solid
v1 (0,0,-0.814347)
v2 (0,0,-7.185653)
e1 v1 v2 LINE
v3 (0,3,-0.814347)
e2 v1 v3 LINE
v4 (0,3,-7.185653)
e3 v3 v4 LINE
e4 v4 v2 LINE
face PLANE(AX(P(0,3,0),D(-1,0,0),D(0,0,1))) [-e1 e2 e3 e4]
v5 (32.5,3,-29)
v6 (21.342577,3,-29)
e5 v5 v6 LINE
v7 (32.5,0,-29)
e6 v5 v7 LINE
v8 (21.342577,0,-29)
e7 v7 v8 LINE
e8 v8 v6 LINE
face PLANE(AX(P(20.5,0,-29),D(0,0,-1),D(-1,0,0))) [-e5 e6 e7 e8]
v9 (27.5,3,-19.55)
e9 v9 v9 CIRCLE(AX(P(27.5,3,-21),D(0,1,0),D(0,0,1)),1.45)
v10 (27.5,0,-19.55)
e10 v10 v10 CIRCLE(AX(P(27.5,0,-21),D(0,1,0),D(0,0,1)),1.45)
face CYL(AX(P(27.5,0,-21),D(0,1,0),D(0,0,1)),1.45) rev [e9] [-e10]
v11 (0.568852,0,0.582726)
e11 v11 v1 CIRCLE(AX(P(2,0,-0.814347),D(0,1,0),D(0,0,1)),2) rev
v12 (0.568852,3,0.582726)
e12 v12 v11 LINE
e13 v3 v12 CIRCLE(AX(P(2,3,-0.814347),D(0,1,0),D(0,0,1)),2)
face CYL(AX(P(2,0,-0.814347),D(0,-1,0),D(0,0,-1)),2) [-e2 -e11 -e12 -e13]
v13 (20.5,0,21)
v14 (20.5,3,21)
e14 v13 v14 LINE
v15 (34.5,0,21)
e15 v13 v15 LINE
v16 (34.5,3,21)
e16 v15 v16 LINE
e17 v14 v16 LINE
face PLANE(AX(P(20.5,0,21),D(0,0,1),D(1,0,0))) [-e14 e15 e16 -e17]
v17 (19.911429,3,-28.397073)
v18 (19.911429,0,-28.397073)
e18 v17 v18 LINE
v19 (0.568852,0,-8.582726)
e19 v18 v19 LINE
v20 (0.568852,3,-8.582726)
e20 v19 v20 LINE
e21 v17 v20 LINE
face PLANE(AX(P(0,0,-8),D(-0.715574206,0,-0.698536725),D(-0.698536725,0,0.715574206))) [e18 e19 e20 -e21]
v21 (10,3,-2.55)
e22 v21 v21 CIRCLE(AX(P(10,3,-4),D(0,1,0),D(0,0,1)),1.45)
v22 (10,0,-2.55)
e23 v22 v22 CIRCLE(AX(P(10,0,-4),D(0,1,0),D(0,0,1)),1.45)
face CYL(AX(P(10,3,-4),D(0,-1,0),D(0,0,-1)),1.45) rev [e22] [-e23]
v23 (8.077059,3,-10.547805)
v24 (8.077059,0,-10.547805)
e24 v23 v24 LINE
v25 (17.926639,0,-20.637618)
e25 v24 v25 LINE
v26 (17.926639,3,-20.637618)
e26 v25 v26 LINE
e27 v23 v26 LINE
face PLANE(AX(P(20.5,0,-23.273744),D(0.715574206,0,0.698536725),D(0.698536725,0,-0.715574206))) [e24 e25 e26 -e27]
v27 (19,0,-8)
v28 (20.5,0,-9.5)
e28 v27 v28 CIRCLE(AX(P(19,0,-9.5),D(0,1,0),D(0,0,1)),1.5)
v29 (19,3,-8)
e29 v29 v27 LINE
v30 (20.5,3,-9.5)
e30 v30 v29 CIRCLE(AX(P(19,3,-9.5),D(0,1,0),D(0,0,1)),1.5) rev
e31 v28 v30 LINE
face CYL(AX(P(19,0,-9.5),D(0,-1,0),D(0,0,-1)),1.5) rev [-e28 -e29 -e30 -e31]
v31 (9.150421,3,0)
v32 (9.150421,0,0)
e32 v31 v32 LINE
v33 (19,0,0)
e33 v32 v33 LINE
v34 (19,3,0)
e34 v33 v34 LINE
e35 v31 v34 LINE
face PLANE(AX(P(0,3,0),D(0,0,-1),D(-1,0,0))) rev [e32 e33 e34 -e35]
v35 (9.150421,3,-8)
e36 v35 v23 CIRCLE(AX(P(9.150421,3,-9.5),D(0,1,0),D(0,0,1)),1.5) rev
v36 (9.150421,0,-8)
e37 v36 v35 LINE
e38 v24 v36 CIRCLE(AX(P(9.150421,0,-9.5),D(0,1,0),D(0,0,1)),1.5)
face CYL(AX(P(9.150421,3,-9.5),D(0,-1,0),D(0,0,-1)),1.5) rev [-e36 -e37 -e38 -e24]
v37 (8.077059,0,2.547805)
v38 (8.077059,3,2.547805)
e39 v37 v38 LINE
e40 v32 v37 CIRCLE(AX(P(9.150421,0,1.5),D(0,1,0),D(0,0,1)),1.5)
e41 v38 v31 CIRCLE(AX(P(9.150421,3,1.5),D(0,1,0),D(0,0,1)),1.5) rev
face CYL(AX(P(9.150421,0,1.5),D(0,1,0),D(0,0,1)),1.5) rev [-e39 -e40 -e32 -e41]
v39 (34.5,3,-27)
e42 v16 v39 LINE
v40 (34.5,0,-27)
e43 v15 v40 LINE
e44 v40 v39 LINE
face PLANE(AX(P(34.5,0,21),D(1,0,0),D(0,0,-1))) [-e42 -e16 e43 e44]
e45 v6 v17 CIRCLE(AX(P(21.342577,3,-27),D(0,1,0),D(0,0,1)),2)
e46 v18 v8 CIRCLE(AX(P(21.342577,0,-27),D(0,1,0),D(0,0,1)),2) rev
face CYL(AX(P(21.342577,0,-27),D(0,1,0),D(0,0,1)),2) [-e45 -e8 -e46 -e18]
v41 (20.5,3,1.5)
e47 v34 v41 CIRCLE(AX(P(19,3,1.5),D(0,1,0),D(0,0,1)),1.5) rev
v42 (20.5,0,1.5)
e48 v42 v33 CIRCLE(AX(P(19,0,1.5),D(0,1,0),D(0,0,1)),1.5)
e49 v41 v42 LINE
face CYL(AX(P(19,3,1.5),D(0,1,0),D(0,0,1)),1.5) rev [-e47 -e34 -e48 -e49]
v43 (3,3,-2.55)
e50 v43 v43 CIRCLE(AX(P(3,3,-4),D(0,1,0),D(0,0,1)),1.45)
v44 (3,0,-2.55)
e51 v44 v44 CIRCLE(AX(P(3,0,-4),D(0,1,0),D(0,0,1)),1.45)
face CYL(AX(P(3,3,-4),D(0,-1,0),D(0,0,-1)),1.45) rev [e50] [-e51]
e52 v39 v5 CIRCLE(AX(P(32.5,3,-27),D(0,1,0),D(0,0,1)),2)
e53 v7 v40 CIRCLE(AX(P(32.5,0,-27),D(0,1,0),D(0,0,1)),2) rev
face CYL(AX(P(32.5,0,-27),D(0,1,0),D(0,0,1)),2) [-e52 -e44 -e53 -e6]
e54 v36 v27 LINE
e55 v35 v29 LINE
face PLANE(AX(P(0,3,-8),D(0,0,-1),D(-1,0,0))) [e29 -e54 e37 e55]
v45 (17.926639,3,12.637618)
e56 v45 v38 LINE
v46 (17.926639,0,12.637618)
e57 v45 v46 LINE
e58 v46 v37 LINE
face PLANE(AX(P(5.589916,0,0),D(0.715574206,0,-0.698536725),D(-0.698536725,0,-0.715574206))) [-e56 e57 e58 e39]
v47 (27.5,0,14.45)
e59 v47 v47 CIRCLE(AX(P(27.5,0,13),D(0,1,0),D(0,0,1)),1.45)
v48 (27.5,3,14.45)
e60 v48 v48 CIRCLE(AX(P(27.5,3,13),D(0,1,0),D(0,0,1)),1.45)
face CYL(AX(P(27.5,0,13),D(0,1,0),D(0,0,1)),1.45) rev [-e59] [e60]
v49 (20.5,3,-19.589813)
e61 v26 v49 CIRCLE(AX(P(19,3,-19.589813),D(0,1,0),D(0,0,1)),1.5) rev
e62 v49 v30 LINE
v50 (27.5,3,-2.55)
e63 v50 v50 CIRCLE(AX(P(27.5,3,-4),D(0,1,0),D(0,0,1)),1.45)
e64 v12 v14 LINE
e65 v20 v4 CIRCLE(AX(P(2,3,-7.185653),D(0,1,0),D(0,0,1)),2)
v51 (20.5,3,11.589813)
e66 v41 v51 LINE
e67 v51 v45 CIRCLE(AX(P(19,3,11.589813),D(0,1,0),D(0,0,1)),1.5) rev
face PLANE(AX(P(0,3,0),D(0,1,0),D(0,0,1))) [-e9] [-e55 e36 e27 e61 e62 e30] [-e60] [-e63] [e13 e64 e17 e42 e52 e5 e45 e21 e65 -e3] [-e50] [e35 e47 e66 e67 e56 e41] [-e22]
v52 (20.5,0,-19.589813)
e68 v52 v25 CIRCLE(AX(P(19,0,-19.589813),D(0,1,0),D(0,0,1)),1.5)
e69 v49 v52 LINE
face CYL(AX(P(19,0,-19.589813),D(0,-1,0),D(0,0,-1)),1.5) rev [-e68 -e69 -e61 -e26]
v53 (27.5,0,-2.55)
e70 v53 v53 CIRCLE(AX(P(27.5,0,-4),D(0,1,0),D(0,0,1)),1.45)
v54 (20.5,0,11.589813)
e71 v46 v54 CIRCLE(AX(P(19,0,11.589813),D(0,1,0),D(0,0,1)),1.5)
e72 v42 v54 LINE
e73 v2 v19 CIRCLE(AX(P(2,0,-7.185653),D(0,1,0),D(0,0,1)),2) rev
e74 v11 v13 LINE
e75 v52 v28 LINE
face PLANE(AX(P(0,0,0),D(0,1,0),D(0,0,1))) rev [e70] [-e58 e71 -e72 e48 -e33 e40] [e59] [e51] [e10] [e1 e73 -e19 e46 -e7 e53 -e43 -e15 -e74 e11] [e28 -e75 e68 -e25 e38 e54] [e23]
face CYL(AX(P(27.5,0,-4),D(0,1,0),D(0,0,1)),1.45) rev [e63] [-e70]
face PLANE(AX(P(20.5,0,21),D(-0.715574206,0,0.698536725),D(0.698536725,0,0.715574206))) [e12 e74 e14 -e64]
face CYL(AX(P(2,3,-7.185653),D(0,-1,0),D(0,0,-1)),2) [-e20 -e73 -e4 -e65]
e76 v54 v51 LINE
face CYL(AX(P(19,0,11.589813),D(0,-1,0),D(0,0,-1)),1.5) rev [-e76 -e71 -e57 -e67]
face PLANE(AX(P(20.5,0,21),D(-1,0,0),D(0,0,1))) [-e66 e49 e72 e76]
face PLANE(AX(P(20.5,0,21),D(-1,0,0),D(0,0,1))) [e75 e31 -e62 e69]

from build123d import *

# Parameters (mm, degrees)
EXTRUDE_1_DEPTH     = 3
SKETCH_2_W          = 14
SKETCH_2_H          = 50
EXTRUDE_2_DEPTH     = 3
SKETCH_3_R          = 1.45
CUT_EXTRUDE_1_DEPTH = 46.169126624
EXTRUDE_3_DEPTH     = 3
FILLET_1_R          = 1.5
FILLET_2_R          = 2


with BuildPart() as part:
    # 草图1 → 凸台-拉伸1 (new body)
    with BuildSketch(Plane(origin=(0, 0, 0), x_dir=(1, 0, 0), z_dir=(0, 1, 0))):
        with BuildLine():
            ThreePointArc((8.55, 4), (10, 5.45), (11.45, 4))
            Line((11.45, 4), (27.5, 4))
            Line((27.5, 4), (27.5, 8))
            Line((27.5, 8), (0, 8))
            Line((0, 8), (0, 4))
            Line((0, 4), (1.55, 4))
            ThreePointArc((1.55, 4), (3, 5.45), (4.45, 4))
            Line((4.45, 4), (8.55, 4))
        make_face()
        with BuildLine():
            Line((27.5, 4), (11.45, 4))
            ThreePointArc((11.45, 4), (10, 2.55), (8.55, 4))
            Line((8.55, 4), (4.45, 4))
            ThreePointArc((4.45, 4), (3, 2.55), (1.55, 4))
            Line((1.55, 4), (0, 4))
            Line((0, 4), (0, 0))
            Line((0, 0), (27.5, 0))
            Line((27.5, 0), (27.5, 4))
        make_face()
    extrude(amount=EXTRUDE_1_DEPTH)

    # 草图2 → 凸台-拉伸2 (add)
    with BuildSketch(Plane(origin=(0, 3, 0), x_dir=(1, 0, 0), z_dir=(0, 1, 0))):
        with Locations((27.5, 4)):
            Rectangle(SKETCH_2_W, SKETCH_2_H)
    extrude(amount=-EXTRUDE_2_DEPTH)

    # 草图3 → 切除-拉伸1 (cut, through all)
    with BuildSketch(Plane(origin=(0, 3, 0), x_dir=(1, 0, 0), z_dir=(0, 1, 0))):
        with Locations(Location((27.5, 21, 0), (0, 0, 270))):
            Circle(SKETCH_3_R)
        with Locations(Location((27.5, 4, 0), (0, 0, 270))):
            Circle(SKETCH_3_R)
        with Locations(Location((27.5, -13, 0), (0, 0, 270))):
            Circle(SKETCH_3_R)
    extrude(amount=-CUT_EXTRUDE_1_DEPTH, mode=Mode.SUBTRACT)

    # 草图4 → 凸台-拉伸3 (add)
    with BuildSketch(Plane(origin=(0, 3, 0), x_dir=(1, 0, 0), z_dir=(0, 1, 0))):
        Polygon((0, 8), (20.5, 29), (20.5, 23.27374416), (5.589916416, 8), align=None)
        Polygon((20.5, -21), (0, 0), (5.589916416, 0), (20.5, -15.27374416), align=None)
    extrude(amount=-EXTRUDE_3_DEPTH)

    # 圆角1
    fillet_1_edges = [part.edges().sort_by_distance(p)[0] for p in [
        (20.5, 1.5, 0),
        (20.5, 1.5, -8),
        (5.589916416, 1.5, -8),
        (20.5, 1.5, -23.27374416),
        (20.5, 1.5, 15.27374416),
        (5.589916416, 1.5, 0),
    ]]
    fillet(fillet_1_edges, radius=FILLET_1_R)

    # 圆角2
    fillet_2_edges = [part.edges().sort_by_distance(p)[0] for p in [
        (0, 1.5, -8),
        (0, 1.5, 0),
        (20.5, 1.5, -29),
        (34.5, 1.5, -29),
    ]]
    fillet(fillet_2_edges, radius=FILLET_2_R)


solid = part.part
